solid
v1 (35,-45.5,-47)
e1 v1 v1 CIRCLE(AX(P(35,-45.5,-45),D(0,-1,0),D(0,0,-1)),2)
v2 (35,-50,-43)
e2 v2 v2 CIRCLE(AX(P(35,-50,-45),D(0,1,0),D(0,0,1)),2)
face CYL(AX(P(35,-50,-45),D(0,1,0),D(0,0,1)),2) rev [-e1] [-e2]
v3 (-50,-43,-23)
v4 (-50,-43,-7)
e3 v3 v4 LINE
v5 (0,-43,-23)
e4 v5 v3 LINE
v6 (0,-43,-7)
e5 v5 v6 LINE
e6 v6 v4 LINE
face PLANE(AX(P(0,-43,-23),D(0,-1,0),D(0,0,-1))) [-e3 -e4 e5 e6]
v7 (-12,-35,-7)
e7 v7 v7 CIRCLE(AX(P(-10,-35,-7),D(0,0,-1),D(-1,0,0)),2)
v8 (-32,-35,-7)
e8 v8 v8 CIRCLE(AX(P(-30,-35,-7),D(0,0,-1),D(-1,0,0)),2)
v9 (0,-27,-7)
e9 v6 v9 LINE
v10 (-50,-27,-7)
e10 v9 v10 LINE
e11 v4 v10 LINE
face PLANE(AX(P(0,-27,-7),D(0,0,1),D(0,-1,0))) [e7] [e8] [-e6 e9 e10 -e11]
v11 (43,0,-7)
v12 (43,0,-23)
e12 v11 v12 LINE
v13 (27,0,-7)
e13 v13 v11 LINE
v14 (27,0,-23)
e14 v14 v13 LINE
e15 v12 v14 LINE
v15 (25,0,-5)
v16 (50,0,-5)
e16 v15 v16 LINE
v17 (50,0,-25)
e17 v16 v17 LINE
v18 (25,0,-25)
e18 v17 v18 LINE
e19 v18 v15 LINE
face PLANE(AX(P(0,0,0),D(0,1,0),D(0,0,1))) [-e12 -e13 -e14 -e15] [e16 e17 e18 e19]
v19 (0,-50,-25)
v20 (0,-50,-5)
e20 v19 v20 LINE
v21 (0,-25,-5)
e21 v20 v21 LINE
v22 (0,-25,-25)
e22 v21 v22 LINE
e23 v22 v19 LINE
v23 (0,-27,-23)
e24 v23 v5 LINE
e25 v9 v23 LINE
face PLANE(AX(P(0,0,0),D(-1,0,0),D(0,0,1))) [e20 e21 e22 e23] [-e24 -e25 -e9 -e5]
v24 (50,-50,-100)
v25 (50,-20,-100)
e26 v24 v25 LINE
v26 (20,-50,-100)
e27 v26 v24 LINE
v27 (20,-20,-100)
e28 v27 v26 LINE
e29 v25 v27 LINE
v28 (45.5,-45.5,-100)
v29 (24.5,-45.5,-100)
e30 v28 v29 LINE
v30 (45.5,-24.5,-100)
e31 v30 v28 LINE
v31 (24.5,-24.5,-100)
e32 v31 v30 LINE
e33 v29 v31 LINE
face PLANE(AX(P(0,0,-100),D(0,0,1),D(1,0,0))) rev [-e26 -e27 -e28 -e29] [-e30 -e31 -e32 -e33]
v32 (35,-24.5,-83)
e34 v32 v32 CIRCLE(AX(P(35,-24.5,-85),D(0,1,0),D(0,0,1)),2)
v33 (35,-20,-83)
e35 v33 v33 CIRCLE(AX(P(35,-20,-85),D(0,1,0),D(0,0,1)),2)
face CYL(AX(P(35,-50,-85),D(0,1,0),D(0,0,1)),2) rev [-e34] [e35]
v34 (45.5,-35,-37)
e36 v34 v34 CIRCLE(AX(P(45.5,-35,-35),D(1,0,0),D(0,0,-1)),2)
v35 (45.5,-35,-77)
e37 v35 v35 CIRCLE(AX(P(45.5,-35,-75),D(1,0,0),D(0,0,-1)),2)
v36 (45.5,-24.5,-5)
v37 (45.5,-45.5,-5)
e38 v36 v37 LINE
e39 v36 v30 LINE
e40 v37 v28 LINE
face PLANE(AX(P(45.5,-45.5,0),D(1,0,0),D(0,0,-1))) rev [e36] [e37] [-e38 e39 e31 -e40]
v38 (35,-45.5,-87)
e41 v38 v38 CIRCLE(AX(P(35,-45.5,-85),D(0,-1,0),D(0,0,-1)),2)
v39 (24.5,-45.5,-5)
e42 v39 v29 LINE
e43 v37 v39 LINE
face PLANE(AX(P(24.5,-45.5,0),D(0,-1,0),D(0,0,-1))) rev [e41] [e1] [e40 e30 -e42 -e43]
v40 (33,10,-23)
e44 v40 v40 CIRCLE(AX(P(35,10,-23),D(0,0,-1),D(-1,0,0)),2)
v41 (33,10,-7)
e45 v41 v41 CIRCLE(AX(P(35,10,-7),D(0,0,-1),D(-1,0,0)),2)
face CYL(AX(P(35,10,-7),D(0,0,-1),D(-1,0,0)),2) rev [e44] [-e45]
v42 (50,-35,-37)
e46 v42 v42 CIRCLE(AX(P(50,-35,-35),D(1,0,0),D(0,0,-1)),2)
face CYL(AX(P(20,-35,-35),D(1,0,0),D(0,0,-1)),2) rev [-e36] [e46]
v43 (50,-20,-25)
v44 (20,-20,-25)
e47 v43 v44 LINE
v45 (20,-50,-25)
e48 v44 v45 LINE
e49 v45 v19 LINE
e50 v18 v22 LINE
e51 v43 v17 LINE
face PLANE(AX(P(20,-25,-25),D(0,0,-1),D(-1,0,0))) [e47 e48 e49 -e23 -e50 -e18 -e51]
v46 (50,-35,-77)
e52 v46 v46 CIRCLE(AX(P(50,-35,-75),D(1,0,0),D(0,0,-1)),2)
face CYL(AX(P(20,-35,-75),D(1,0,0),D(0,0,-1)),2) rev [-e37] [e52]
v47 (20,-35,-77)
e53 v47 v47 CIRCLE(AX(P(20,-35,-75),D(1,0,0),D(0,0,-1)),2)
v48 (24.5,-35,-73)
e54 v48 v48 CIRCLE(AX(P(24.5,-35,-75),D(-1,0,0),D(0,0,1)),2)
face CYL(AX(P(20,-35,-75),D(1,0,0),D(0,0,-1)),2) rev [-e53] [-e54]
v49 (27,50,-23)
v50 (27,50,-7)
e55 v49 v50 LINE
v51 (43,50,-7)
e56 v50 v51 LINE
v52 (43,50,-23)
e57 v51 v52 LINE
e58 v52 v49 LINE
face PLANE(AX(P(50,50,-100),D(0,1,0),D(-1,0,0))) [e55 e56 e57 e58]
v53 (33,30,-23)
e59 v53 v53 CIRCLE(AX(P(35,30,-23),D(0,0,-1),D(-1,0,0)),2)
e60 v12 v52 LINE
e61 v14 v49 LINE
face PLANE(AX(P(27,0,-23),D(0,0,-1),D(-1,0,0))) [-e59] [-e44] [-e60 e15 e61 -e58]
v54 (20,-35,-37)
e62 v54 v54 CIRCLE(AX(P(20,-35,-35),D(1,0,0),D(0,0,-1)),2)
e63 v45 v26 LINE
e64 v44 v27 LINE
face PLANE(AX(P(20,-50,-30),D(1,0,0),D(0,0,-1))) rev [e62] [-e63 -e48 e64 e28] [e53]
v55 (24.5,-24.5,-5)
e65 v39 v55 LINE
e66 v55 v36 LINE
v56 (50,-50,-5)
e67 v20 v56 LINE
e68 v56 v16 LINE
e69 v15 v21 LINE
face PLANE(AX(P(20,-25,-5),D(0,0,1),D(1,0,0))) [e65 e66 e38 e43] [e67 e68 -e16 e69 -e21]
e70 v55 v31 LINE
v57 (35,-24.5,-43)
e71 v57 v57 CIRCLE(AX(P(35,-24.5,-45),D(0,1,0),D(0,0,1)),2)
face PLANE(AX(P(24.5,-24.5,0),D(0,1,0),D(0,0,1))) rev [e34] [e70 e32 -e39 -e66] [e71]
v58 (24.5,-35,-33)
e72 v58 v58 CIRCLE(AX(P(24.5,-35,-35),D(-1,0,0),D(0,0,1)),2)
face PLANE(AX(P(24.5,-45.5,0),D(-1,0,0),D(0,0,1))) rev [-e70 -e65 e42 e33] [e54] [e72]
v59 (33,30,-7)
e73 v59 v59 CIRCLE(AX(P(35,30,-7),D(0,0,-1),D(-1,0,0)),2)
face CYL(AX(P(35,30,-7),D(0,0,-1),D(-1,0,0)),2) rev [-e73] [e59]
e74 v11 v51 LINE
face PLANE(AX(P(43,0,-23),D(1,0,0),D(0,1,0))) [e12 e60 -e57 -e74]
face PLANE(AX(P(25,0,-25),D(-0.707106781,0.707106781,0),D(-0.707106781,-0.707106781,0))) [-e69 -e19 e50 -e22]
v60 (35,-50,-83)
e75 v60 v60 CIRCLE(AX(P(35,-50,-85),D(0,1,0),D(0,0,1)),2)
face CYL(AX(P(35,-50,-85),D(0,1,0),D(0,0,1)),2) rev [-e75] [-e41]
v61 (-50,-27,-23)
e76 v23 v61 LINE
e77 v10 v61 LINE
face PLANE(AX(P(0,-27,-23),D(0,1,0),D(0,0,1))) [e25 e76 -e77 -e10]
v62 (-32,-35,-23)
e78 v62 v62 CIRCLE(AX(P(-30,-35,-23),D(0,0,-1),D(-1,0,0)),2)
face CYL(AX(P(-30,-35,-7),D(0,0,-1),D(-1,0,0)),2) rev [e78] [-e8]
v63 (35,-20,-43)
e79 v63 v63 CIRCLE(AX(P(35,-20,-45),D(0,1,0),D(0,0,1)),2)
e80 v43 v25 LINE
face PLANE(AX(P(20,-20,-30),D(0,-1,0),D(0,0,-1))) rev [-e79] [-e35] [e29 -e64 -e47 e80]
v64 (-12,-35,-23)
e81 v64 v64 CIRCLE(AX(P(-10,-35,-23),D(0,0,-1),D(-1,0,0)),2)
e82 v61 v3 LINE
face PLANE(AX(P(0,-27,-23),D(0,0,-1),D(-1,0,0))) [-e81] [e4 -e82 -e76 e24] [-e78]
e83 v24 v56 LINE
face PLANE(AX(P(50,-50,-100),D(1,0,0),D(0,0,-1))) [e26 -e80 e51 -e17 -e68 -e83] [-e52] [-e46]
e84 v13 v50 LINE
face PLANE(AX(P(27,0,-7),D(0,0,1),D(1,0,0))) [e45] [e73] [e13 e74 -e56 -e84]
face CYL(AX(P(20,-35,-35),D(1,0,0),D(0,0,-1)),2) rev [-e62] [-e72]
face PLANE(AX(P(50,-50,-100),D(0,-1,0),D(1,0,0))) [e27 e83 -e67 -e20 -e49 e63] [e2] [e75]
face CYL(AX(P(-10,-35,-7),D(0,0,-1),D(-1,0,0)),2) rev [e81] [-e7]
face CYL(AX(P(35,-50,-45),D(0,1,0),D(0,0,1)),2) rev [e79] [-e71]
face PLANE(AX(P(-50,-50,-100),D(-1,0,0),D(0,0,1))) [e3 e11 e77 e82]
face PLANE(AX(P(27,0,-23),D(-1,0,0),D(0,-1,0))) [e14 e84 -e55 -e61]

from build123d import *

# Parameters (mm, degrees)
SKETCH1_W           = 100
SKETCH1_H           = 100
BOSS_EXTRUDE1_DEPTH = 100
CUT_EXTRUDE16_DEPTH = 70
SKETCH8_W           = 70
SKETCH8_H           = 70
CUT_EXTRUDE17_DEPTH = 30
SKETCH9_W           = 21
SKETCH9_H           = 21
CUT_EXTRUDE20_DEPTH = 100
SKETCH10_W          = 30
SKETCH10_H          = 30
SKETCH10_W_2        = 16
SKETCH10_H_2        = 16
CUT_EXTRUDE21_DEPTH = 50
SKETCH11_W          = 30
SKETCH11_H          = 30
SKETCH11_W_2        = 20
SKETCH11_H_2        = 20
CUT_EXTRUDE22_DEPTH = 20
SKETCH12_W          = 30
SKETCH12_H          = 30
SKETCH12_W_2        = 20
SKETCH12_H_2        = 20
CUT_EXTRUDE23_DEPTH = 70
SKETCH13_W          = 20
SKETCH13_H          = 20
SKETCH13_W_2        = 16
SKETCH13_H_2        = 16
CUT_EXTRUDE24_DEPTH = 50
SKETCH15_R          = 2
CUT_EXTRUDE25_DEPTH = 30
SKETCH16_R          = 2
CUT_EXTRUDE26_DEPTH = 30
SKETCH17_R          = 2
CUT_EXTRUDE27_DEPTH = 16
SKETCH18_R          = 2
CUT_EXTRUDE29_DEPTH = 16
SKETCH19_W          = 30
SKETCH19_H          = 30
CUT_EXTRUDE30_DEPTH = 5
BOSS_EXTRUDE2_DEPTH = 20
SKETCH21_W          = 20
SKETCH21_H          = 7
BOSS_EXTRUDE6_DEPTH = 24
SKETCH22_W          = 2.5
SKETCH22_H          = 2.5
CUT_EXTRUDE31_DEPTH = 20
SKETCH23_W          = 7
SKETCH23_H          = 20
BOSS_EXTRUDE7_DEPTH = 24


with BuildPart() as part:
    # Sketch1 → Boss-Extrude1 (new body)
    with BuildSketch(Plane.XY):
        Rectangle(SKETCH1_W, SKETCH1_H)
    extrude(amount=-BOSS_EXTRUDE1_DEPTH)

    # Sketch5 → Cut-Extrude16 (cut)
    with BuildSketch(Plane(origin=(0, 0, -100), x_dir=(-1, 0, 0), z_dir=(0, 0, -1))):
        Polygon((50, -50), (50, 50), (-50, 50), (-50, -20), (-20, -20), (-20, -50), align=None)
    extrude(amount=-CUT_EXTRUDE16_DEPTH, mode=Mode.SUBTRACT)

    # Sketch8 → Cut-Extrude17 (cut)
    with BuildSketch(Plane(origin=(0, 0, -30), x_dir=(-1, 0, 0), z_dir=(0, 0, -1))):
        with Locations((15, 15)):
            Rectangle(SKETCH8_W, SKETCH8_H)
    extrude(amount=-CUT_EXTRUDE17_DEPTH, mode=Mode.SUBTRACT)

    # Sketch9 → Cut-Extrude20 (cut)
    with BuildSketch(Plane(origin=(0, 0, -100), x_dir=(-1, 0, 0), z_dir=(0, 0, -1))):
        with Locations((-35, -35)):
            Rectangle(SKETCH9_W, SKETCH9_H)
    extrude(amount=-CUT_EXTRUDE20_DEPTH, mode=Mode.SUBTRACT)

    # Sketch10 → Cut-Extrude21 (cut)
    with BuildSketch(Plane.ZY.offset(50)):
        with Locations((-15, -35)):
            Rectangle(SKETCH10_W, SKETCH10_H)
        with Locations((-15, -35)):
            Rectangle(SKETCH10_W_2, SKETCH10_H_2, mode=Mode.SUBTRACT)
    extrude(amount=-CUT_EXTRUDE21_DEPTH, mode=Mode.SUBTRACT)

    # Sketch11 → Cut-Extrude22 (cut)
    with BuildSketch(Plane.ZY):
        with Locations((-15, -35)):
            Rectangle(SKETCH11_W, SKETCH11_H)
        with Locations((-15, -35)):
            Rectangle(SKETCH11_W_2, SKETCH11_H_2, mode=Mode.SUBTRACT)
    extrude(amount=-CUT_EXTRUDE22_DEPTH, mode=Mode.SUBTRACT)

    # Sketch12 → Cut-Extrude23 (cut)
    with BuildSketch(Plane(origin=(0, 50, 0), x_dir=(1, 0, 0), z_dir=(0, 1, 0))):
        with Locations((35, 15)):
            Rectangle(SKETCH12_W, SKETCH12_H)
        with Locations((35, 15)):
            Rectangle(SKETCH12_W_2, SKETCH12_H_2, mode=Mode.SUBTRACT)
    extrude(amount=-CUT_EXTRUDE23_DEPTH, mode=Mode.SUBTRACT)

    # Sketch13 → Cut-Extrude24 (cut)
    with BuildSketch(Plane(origin=(0, 50, 0), x_dir=(1, 0, 0), z_dir=(0, 1, 0))):
        with Locations((35, 15)):
            Rectangle(SKETCH13_W, SKETCH13_H)
        with Locations((35, 15)):
            Rectangle(SKETCH13_W_2, SKETCH13_H_2, mode=Mode.SUBTRACT)
    extrude(amount=-CUT_EXTRUDE24_DEPTH, mode=Mode.SUBTRACT)

    # Sketch15 → Cut-Extrude25 (cut)
    with BuildSketch(Plane(origin=(0, -20, 0), x_dir=(1, 0, 0), z_dir=(0, 1, 0))):
        with Locations(Location((35, 85, 0), (0, 0, 270))):
            Circle(SKETCH15_R)
        with Locations(Location((35, 45, 0), (0, 0, 270))):
            Circle(SKETCH15_R)
    extrude(amount=-CUT_EXTRUDE25_DEPTH, mode=Mode.SUBTRACT)

    # Sketch16 → Cut-Extrude26 (cut)
    with BuildSketch(Plane(origin=(50, 0, 0), x_dir=(0, 0, -1), z_dir=(1, 0, 0))):
        with Locations((75, -35)):
            Circle(SKETCH16_R)
        with Locations((35, -35)):
            Circle(SKETCH16_R)
    extrude(amount=-CUT_EXTRUDE26_DEPTH, mode=Mode.SUBTRACT)

    # Sketch17 → Cut-Extrude27 (cut)
    with BuildSketch(Plane(origin=(0, 0, -23), x_dir=(-1, 0, 0), z_dir=(0, 0, -1))):
        with Locations((-35, 30)):
            Circle(SKETCH17_R)
        with Locations((-35, 10)):
            Circle(SKETCH17_R)
    extrude(amount=-CUT_EXTRUDE27_DEPTH, mode=Mode.SUBTRACT)

    # Sketch18 → Cut-Extrude29 (cut)
    with BuildSketch(Plane(origin=(0, 0, -23), x_dir=(-1, 0, 0), z_dir=(0, 0, -1))):
        with Locations((30, -35)):
            Circle(SKETCH18_R)
        with Locations((10, -35)):
            Circle(SKETCH18_R)
    extrude(amount=-CUT_EXTRUDE29_DEPTH, mode=Mode.SUBTRACT)

    # Sketch19 → Cut-Extrude30 (cut)
    with BuildSketch(Plane.XY):
        with Locations((35, -35)):
            Rectangle(SKETCH19_W, SKETCH19_H)
    extrude(amount=-CUT_EXTRUDE30_DEPTH, mode=Mode.SUBTRACT)

    # Sketch20 → Boss-Extrude2 (add)
    with BuildSketch(Plane.XY.offset(-5)):
        Polygon((25, 0), (0, -25), (0, -27), (27, -27), (27, 0), align=None)
    extrude(amount=-BOSS_EXTRUDE2_DEPTH)

    # Sketch21 → Boss-Extrude6 (add)
    with BuildSketch(Plane.ZY):
        with Locations((-15, -46.5)):
            Rectangle(SKETCH21_W, SKETCH21_H)
    extrude(amount=-BOSS_EXTRUDE6_DEPTH)

    # Sketch22 → Cut-Extrude31 (cut)
    with BuildSketch(Plane(origin=(0, 0, -25), x_dir=(-1, 0, 0), z_dir=(0, 0, -1))):
        with Locations((-25.75, -25.75)):
            Rectangle(SKETCH22_W, SKETCH22_H)
    extrude(amount=-CUT_EXTRUDE31_DEPTH, mode=Mode.SUBTRACT)

    # Sketch23 → Boss-Extrude7 (add)
    with BuildSketch(Plane(origin=(0, 0, 0), x_dir=(1, 0, 0), z_dir=(0, 1, 0))):
        with Locations((46.5, 15)):
            Rectangle(SKETCH23_W, SKETCH23_H)
    extrude(amount=-BOSS_EXTRUDE7_DEPTH)


solid = part.part
